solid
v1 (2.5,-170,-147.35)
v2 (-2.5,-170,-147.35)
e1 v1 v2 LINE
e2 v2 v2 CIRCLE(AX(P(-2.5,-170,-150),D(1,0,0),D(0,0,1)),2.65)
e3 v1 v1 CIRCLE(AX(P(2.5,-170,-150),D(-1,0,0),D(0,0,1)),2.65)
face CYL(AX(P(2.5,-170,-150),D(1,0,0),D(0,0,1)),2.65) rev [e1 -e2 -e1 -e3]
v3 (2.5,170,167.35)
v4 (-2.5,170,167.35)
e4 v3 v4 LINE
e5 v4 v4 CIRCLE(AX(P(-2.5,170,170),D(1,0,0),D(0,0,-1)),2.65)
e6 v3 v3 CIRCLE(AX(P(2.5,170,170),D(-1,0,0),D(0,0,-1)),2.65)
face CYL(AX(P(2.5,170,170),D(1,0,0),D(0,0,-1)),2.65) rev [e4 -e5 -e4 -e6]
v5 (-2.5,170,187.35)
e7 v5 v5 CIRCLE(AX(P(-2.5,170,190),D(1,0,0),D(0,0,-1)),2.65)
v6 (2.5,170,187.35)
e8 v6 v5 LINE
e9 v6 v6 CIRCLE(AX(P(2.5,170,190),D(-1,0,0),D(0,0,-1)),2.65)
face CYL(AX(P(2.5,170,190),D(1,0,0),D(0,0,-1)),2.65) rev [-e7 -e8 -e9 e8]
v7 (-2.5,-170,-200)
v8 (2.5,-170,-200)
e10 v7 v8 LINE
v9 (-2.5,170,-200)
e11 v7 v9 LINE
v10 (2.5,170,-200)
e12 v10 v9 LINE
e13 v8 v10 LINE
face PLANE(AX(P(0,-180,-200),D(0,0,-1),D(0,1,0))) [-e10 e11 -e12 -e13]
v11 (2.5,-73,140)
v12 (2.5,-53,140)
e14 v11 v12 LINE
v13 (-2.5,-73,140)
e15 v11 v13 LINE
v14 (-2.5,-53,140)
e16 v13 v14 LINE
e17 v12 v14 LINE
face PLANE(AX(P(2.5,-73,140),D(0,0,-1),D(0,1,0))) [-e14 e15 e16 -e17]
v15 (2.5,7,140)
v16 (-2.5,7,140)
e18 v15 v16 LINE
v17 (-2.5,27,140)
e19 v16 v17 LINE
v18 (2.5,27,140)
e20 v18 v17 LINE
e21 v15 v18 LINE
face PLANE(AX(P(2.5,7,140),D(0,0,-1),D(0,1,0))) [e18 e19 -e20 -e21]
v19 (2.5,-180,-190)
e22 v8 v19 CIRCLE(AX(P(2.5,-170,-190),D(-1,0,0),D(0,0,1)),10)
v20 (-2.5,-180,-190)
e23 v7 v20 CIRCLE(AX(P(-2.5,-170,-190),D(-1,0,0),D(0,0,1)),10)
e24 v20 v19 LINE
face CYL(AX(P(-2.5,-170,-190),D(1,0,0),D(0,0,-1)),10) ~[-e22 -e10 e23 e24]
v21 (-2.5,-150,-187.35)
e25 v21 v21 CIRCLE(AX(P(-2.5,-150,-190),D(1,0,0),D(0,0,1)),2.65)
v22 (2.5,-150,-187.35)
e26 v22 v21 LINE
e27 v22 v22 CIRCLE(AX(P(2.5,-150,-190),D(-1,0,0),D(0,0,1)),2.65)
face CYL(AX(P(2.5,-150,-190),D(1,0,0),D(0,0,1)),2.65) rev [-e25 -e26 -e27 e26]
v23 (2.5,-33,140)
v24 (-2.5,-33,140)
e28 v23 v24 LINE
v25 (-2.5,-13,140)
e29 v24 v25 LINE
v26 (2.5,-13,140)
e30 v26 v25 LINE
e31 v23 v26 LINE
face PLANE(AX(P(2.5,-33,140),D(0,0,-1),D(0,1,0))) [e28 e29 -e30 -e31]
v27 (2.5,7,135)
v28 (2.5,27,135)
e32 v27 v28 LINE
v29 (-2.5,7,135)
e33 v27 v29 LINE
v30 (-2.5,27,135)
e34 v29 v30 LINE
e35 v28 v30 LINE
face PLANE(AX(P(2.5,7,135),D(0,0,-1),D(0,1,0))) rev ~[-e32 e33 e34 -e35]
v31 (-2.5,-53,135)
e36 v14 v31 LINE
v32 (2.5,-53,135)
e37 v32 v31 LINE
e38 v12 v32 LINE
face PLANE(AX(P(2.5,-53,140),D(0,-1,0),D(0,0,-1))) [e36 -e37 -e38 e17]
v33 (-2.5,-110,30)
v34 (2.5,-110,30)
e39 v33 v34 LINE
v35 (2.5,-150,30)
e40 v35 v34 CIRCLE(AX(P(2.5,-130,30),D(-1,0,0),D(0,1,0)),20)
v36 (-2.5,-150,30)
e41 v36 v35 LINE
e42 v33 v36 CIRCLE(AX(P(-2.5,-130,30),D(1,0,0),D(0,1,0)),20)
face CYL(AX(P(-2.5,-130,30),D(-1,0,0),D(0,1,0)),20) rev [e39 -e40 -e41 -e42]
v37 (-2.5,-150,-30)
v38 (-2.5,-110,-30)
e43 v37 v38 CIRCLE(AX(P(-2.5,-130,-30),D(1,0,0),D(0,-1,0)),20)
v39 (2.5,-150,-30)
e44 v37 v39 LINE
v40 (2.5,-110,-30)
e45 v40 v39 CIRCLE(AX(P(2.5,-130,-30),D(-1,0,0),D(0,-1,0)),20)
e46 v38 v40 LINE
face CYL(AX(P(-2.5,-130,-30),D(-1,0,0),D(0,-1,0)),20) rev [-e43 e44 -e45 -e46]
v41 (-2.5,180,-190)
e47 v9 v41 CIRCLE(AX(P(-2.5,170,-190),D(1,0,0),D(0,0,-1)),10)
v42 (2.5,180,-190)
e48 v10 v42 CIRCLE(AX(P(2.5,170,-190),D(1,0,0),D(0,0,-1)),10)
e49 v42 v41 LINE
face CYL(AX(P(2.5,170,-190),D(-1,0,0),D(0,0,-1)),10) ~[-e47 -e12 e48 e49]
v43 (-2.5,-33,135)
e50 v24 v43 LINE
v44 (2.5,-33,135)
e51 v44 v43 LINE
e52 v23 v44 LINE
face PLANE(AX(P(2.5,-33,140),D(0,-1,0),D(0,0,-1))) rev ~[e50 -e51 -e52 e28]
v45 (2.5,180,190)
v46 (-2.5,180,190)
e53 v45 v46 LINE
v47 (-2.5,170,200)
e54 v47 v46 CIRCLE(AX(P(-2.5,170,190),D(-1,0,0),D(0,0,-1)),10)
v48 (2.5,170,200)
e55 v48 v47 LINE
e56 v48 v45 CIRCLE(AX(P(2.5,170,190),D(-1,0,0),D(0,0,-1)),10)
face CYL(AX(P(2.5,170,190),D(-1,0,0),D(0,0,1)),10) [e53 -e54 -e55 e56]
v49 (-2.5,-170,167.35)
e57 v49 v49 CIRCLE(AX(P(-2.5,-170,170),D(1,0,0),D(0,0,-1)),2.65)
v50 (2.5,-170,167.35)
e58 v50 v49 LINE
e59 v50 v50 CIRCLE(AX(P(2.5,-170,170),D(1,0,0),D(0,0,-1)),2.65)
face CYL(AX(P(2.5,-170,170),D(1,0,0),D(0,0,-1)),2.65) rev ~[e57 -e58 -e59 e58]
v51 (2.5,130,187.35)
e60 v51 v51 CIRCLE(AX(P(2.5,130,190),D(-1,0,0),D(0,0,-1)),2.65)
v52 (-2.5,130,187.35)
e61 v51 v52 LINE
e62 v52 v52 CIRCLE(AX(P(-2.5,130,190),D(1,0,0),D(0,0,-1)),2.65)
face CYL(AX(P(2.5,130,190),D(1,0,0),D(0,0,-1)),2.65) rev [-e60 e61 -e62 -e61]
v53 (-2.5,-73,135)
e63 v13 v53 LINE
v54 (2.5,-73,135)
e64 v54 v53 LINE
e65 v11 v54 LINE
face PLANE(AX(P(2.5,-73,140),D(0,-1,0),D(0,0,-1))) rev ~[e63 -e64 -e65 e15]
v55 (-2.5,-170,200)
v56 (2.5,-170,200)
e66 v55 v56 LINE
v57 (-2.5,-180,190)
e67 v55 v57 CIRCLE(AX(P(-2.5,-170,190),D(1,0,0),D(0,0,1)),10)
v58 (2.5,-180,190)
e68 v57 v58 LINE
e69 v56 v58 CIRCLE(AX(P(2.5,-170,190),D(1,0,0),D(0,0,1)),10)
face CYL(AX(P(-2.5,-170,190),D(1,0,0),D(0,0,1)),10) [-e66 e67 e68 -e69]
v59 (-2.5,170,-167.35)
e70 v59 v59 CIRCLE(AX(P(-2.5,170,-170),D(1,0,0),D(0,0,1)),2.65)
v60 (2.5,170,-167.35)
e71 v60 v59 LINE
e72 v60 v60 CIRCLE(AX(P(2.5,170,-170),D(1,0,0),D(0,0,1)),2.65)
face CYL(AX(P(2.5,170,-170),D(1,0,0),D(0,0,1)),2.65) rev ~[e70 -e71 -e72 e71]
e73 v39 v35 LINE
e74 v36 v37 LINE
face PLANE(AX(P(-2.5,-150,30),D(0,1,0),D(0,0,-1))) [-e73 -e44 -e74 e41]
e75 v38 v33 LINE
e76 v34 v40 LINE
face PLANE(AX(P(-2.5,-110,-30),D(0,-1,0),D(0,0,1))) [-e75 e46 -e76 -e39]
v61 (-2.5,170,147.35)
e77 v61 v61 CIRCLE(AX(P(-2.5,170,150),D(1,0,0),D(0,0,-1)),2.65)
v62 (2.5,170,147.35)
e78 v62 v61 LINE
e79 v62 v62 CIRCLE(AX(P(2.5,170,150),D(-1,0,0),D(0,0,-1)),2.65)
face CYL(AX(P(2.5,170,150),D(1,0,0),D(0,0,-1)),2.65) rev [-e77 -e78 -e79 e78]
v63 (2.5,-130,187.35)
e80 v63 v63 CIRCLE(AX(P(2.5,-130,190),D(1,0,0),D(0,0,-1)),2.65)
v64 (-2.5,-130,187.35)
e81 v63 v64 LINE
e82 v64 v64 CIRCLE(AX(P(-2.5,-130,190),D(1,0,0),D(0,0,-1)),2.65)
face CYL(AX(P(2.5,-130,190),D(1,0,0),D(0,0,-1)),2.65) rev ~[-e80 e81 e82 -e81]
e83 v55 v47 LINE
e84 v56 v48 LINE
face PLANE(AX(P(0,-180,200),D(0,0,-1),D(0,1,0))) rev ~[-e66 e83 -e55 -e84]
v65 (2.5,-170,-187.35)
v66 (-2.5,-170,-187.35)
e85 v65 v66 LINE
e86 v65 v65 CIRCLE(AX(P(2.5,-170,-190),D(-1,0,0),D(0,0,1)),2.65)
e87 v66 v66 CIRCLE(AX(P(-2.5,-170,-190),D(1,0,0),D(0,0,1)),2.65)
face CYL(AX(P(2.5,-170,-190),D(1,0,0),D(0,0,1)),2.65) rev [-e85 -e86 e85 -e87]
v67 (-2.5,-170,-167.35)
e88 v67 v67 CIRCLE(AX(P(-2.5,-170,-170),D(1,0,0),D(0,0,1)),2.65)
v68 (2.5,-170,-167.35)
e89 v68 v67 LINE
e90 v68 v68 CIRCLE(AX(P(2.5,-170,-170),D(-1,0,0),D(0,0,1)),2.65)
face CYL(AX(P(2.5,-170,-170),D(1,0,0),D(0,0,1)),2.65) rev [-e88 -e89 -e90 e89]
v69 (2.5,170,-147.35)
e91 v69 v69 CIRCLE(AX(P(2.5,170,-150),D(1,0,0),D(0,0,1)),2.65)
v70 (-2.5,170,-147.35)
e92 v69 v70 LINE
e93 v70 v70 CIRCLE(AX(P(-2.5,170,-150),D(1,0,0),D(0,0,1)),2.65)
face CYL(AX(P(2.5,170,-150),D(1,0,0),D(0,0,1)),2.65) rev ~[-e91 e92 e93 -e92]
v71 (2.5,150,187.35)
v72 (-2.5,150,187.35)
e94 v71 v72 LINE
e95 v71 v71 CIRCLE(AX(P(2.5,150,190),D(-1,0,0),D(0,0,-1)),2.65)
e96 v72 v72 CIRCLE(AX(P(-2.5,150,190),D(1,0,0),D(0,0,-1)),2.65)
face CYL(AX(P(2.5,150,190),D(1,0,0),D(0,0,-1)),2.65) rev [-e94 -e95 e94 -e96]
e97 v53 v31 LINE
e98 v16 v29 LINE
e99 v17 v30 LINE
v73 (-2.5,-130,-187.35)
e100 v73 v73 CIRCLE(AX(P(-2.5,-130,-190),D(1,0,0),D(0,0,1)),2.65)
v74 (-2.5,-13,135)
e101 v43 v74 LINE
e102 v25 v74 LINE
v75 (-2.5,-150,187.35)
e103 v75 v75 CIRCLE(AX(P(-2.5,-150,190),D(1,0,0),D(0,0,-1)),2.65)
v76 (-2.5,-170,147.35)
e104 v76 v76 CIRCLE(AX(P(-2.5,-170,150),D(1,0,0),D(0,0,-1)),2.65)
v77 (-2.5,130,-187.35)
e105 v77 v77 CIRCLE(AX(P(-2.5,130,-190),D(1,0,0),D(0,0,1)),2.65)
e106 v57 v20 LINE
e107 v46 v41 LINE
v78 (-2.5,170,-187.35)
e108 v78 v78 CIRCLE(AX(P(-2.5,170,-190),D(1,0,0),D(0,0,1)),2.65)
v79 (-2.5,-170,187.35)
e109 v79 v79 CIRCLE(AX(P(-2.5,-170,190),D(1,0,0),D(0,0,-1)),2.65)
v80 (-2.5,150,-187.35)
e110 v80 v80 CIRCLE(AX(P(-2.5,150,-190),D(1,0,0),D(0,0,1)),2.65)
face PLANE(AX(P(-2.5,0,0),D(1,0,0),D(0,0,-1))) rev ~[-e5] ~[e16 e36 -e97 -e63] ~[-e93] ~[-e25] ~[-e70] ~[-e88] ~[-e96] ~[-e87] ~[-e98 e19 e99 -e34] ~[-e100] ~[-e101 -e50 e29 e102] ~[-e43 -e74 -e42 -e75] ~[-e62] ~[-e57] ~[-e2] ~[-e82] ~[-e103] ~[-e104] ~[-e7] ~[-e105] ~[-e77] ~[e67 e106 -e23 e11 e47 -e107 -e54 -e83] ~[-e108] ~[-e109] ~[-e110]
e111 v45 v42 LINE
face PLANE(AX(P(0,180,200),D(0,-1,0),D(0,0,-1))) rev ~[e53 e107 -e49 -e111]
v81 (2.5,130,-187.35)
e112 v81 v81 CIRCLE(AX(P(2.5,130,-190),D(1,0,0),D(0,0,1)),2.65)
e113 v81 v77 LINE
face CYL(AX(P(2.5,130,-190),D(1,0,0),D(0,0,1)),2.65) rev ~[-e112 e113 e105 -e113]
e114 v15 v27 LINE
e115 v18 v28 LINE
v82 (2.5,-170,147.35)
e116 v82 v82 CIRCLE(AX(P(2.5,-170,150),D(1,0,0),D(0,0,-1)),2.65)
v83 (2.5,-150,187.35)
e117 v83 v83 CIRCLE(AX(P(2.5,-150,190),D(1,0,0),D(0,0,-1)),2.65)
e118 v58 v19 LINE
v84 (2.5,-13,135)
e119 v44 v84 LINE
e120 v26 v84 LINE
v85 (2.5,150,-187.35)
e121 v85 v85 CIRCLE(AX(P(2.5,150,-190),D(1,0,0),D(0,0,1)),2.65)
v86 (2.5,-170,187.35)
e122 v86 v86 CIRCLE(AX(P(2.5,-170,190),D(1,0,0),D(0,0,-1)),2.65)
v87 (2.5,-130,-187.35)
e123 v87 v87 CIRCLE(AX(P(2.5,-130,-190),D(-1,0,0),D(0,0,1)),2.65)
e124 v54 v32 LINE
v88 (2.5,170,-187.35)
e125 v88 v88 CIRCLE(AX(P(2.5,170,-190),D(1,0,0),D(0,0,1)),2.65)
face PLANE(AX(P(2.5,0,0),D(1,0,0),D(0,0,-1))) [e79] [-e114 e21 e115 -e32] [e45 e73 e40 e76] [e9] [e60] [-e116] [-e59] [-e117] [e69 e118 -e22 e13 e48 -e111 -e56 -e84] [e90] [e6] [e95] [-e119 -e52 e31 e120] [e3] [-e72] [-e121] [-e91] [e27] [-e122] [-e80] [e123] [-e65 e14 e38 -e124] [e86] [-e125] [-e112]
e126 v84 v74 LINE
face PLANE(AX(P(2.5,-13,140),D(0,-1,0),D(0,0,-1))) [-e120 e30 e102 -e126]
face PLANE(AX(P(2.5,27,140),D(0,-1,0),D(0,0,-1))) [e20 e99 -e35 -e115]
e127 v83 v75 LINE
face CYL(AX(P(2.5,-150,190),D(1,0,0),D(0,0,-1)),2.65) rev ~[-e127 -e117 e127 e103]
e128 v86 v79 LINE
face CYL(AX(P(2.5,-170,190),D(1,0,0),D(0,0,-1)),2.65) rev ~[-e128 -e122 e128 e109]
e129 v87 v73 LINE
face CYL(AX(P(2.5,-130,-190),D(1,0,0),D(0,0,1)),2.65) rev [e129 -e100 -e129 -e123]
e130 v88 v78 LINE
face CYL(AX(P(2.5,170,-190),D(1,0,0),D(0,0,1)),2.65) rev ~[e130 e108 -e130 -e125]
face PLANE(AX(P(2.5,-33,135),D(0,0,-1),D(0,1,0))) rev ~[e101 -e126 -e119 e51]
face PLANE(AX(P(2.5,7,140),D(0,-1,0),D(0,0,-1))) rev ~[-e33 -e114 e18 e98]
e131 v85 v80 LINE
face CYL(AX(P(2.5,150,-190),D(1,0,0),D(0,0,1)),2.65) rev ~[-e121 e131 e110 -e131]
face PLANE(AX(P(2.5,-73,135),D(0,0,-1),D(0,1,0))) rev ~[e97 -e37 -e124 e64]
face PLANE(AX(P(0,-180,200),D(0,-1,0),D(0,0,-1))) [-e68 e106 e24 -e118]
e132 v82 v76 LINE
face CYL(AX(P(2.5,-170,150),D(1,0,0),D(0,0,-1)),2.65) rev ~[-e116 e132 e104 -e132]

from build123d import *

# Parameters (mm, degrees)
ESBO_O1_W                 = 400
ESBO_O1_H                 = 360
RESSALTO_EXTRUS_O1_DEPTH  = 2.5
FILETE1_R                 = 10
ESBO_O2_R                 = 2.65
CORTE_EXTRUS_O1_DEPTH     = 270.118932816
ESPELHAR2_COPY_1_SKETCH_R = 2.65
ESPELHAR2_COPY_1_DEPTH    = 270.118932816
ESPELHAR2_COPY_2_SKETCH_R = 2.65
ESPELHAR2_COPY_2_DEPTH    = 270.118932816
ESBO_O3_W                 = 5
ESBO_O3_H                 = 20
CORTE_EXTRUS_O2_DEPTH     = 270.118932816
PADR_O_LINEAR1_COUNT      = 3
PADR_O_LINEAR1_PITCH      = 40
CORTE_EXTRUS_O3_DEPTH     = 270.118932816


with BuildPart() as part:
    # Esboço1 → Ressalto-extrusão1 (new, symmetric)
    with BuildSketch(Plane(origin=(0, 0, 0), x_dir=(0, 0, -1), z_dir=(1, 0, 0))):
        Rectangle(ESBO_O1_W, ESBO_O1_H)
    extrude(amount=RESSALTO_EXTRUS_O1_DEPTH, both=True)

    # Filete1
    filete1_edges = [part.edges().sort_by_distance(p)[0] for p in [
        (0, 180, -200),
        (0, -180, -200),
        (0, -180, 200),
        (0, 180, 200),
    ]]
    fillet(filete1_edges, radius=FILETE1_R)

    # Esboço2 → Corte-extrusão1 (cut, through all)
    with BuildSketch(Plane(origin=(2.5, 0, 0), x_dir=(0, 0, -1), z_dir=(1, 0, 0))):
        with Locations((-190, -170)):
            Circle(ESBO_O2_R)
        with Locations((-170, -170)):
            Circle(ESBO_O2_R)
        with Locations((-150, -170)):
            Circle(ESBO_O2_R)
        with Locations((-190, -150)):
            Circle(ESBO_O2_R)
        with Locations((-190, -130)):
            Circle(ESBO_O2_R)
    corte_extrus_o1 = extrude(amount=-CORTE_EXTRUS_O1_DEPTH, mode=Mode.SUBTRACT)

    # Espelhar1: Corte-extrusão1 across plane
    add(corte_extrus_o1.mirror(Plane.XY), mode=Mode.SUBTRACT)

    # Espelhar2 copy 1 sketch → Espelhar2 copy 1 (cut, through all)
    with BuildSketch(Plane(origin=(2.5, 0, 0), x_dir=(0, 0, 1), z_dir=(1, 0, 0))):
        with Locations((-190, -170)):
            Circle(ESPELHAR2_COPY_1_SKETCH_R)
        with Locations((-170, -170)):
            Circle(ESPELHAR2_COPY_1_SKETCH_R)
        with Locations((-150, -170)):
            Circle(ESPELHAR2_COPY_1_SKETCH_R)
        with Locations((-190, -150)):
            Circle(ESPELHAR2_COPY_1_SKETCH_R)
        with Locations((-190, -130)):
            Circle(ESPELHAR2_COPY_1_SKETCH_R)
    extrude(amount=-ESPELHAR2_COPY_1_DEPTH, mode=Mode.SUBTRACT)

    # Espelhar2 copy 2 sketch → Espelhar2 copy 2 (cut, through all)
    with BuildSketch(Plane(origin=(2.5, 0, 0), x_dir=(0, 0, -1), z_dir=(1, 0, 0))):
        with Locations((-190, 170)):
            Circle(ESPELHAR2_COPY_2_SKETCH_R)
        with Locations((-170, 170)):
            Circle(ESPELHAR2_COPY_2_SKETCH_R)
        with Locations((-150, 170)):
            Circle(ESPELHAR2_COPY_2_SKETCH_R)
        with Locations((-190, 150)):
            Circle(ESPELHAR2_COPY_2_SKETCH_R)
        with Locations((-190, 130)):
            Circle(ESPELHAR2_COPY_2_SKETCH_R)
    extrude(amount=-ESPELHAR2_COPY_2_DEPTH, mode=Mode.SUBTRACT)

    # Esboço3 → Corte-extrusão2 (cut, through all)
    with BuildSketch(Plane(origin=(2.5, 0, 0), x_dir=(0, 0, -1), z_dir=(1, 0, 0))):
        with Locations((-137.5, -63)):
            Rectangle(ESBO_O3_W, ESBO_O3_H)
    corte_extrus_o2 = extrude(amount=-CORTE_EXTRUS_O2_DEPTH, mode=Mode.SUBTRACT)

    # Padrão linear1: Corte-extrusão2 ×3
    with Locations(*[(0, i * PADR_O_LINEAR1_PITCH, 0) for i in range(1, PADR_O_LINEAR1_COUNT)]):
        add(corte_extrus_o2, mode=Mode.SUBTRACT)

    # Esboço4 → Corte-extrusão3 (cut, through all)
    with BuildSketch(Plane.ZY.offset(2.5)):
        with BuildLine():
            Line((30, -150), (-30, -150))
            ThreePointArc((-30, -150), (-50, -130), (-30, -110))
            Line((-30, -110), (30, -110))
            ThreePointArc((30, -110), (50, -130), (30, -150))
        make_face()
    extrude(amount=-CORTE_EXTRUS_O3_DEPTH, mode=Mode.SUBTRACT)


solid = part.part
